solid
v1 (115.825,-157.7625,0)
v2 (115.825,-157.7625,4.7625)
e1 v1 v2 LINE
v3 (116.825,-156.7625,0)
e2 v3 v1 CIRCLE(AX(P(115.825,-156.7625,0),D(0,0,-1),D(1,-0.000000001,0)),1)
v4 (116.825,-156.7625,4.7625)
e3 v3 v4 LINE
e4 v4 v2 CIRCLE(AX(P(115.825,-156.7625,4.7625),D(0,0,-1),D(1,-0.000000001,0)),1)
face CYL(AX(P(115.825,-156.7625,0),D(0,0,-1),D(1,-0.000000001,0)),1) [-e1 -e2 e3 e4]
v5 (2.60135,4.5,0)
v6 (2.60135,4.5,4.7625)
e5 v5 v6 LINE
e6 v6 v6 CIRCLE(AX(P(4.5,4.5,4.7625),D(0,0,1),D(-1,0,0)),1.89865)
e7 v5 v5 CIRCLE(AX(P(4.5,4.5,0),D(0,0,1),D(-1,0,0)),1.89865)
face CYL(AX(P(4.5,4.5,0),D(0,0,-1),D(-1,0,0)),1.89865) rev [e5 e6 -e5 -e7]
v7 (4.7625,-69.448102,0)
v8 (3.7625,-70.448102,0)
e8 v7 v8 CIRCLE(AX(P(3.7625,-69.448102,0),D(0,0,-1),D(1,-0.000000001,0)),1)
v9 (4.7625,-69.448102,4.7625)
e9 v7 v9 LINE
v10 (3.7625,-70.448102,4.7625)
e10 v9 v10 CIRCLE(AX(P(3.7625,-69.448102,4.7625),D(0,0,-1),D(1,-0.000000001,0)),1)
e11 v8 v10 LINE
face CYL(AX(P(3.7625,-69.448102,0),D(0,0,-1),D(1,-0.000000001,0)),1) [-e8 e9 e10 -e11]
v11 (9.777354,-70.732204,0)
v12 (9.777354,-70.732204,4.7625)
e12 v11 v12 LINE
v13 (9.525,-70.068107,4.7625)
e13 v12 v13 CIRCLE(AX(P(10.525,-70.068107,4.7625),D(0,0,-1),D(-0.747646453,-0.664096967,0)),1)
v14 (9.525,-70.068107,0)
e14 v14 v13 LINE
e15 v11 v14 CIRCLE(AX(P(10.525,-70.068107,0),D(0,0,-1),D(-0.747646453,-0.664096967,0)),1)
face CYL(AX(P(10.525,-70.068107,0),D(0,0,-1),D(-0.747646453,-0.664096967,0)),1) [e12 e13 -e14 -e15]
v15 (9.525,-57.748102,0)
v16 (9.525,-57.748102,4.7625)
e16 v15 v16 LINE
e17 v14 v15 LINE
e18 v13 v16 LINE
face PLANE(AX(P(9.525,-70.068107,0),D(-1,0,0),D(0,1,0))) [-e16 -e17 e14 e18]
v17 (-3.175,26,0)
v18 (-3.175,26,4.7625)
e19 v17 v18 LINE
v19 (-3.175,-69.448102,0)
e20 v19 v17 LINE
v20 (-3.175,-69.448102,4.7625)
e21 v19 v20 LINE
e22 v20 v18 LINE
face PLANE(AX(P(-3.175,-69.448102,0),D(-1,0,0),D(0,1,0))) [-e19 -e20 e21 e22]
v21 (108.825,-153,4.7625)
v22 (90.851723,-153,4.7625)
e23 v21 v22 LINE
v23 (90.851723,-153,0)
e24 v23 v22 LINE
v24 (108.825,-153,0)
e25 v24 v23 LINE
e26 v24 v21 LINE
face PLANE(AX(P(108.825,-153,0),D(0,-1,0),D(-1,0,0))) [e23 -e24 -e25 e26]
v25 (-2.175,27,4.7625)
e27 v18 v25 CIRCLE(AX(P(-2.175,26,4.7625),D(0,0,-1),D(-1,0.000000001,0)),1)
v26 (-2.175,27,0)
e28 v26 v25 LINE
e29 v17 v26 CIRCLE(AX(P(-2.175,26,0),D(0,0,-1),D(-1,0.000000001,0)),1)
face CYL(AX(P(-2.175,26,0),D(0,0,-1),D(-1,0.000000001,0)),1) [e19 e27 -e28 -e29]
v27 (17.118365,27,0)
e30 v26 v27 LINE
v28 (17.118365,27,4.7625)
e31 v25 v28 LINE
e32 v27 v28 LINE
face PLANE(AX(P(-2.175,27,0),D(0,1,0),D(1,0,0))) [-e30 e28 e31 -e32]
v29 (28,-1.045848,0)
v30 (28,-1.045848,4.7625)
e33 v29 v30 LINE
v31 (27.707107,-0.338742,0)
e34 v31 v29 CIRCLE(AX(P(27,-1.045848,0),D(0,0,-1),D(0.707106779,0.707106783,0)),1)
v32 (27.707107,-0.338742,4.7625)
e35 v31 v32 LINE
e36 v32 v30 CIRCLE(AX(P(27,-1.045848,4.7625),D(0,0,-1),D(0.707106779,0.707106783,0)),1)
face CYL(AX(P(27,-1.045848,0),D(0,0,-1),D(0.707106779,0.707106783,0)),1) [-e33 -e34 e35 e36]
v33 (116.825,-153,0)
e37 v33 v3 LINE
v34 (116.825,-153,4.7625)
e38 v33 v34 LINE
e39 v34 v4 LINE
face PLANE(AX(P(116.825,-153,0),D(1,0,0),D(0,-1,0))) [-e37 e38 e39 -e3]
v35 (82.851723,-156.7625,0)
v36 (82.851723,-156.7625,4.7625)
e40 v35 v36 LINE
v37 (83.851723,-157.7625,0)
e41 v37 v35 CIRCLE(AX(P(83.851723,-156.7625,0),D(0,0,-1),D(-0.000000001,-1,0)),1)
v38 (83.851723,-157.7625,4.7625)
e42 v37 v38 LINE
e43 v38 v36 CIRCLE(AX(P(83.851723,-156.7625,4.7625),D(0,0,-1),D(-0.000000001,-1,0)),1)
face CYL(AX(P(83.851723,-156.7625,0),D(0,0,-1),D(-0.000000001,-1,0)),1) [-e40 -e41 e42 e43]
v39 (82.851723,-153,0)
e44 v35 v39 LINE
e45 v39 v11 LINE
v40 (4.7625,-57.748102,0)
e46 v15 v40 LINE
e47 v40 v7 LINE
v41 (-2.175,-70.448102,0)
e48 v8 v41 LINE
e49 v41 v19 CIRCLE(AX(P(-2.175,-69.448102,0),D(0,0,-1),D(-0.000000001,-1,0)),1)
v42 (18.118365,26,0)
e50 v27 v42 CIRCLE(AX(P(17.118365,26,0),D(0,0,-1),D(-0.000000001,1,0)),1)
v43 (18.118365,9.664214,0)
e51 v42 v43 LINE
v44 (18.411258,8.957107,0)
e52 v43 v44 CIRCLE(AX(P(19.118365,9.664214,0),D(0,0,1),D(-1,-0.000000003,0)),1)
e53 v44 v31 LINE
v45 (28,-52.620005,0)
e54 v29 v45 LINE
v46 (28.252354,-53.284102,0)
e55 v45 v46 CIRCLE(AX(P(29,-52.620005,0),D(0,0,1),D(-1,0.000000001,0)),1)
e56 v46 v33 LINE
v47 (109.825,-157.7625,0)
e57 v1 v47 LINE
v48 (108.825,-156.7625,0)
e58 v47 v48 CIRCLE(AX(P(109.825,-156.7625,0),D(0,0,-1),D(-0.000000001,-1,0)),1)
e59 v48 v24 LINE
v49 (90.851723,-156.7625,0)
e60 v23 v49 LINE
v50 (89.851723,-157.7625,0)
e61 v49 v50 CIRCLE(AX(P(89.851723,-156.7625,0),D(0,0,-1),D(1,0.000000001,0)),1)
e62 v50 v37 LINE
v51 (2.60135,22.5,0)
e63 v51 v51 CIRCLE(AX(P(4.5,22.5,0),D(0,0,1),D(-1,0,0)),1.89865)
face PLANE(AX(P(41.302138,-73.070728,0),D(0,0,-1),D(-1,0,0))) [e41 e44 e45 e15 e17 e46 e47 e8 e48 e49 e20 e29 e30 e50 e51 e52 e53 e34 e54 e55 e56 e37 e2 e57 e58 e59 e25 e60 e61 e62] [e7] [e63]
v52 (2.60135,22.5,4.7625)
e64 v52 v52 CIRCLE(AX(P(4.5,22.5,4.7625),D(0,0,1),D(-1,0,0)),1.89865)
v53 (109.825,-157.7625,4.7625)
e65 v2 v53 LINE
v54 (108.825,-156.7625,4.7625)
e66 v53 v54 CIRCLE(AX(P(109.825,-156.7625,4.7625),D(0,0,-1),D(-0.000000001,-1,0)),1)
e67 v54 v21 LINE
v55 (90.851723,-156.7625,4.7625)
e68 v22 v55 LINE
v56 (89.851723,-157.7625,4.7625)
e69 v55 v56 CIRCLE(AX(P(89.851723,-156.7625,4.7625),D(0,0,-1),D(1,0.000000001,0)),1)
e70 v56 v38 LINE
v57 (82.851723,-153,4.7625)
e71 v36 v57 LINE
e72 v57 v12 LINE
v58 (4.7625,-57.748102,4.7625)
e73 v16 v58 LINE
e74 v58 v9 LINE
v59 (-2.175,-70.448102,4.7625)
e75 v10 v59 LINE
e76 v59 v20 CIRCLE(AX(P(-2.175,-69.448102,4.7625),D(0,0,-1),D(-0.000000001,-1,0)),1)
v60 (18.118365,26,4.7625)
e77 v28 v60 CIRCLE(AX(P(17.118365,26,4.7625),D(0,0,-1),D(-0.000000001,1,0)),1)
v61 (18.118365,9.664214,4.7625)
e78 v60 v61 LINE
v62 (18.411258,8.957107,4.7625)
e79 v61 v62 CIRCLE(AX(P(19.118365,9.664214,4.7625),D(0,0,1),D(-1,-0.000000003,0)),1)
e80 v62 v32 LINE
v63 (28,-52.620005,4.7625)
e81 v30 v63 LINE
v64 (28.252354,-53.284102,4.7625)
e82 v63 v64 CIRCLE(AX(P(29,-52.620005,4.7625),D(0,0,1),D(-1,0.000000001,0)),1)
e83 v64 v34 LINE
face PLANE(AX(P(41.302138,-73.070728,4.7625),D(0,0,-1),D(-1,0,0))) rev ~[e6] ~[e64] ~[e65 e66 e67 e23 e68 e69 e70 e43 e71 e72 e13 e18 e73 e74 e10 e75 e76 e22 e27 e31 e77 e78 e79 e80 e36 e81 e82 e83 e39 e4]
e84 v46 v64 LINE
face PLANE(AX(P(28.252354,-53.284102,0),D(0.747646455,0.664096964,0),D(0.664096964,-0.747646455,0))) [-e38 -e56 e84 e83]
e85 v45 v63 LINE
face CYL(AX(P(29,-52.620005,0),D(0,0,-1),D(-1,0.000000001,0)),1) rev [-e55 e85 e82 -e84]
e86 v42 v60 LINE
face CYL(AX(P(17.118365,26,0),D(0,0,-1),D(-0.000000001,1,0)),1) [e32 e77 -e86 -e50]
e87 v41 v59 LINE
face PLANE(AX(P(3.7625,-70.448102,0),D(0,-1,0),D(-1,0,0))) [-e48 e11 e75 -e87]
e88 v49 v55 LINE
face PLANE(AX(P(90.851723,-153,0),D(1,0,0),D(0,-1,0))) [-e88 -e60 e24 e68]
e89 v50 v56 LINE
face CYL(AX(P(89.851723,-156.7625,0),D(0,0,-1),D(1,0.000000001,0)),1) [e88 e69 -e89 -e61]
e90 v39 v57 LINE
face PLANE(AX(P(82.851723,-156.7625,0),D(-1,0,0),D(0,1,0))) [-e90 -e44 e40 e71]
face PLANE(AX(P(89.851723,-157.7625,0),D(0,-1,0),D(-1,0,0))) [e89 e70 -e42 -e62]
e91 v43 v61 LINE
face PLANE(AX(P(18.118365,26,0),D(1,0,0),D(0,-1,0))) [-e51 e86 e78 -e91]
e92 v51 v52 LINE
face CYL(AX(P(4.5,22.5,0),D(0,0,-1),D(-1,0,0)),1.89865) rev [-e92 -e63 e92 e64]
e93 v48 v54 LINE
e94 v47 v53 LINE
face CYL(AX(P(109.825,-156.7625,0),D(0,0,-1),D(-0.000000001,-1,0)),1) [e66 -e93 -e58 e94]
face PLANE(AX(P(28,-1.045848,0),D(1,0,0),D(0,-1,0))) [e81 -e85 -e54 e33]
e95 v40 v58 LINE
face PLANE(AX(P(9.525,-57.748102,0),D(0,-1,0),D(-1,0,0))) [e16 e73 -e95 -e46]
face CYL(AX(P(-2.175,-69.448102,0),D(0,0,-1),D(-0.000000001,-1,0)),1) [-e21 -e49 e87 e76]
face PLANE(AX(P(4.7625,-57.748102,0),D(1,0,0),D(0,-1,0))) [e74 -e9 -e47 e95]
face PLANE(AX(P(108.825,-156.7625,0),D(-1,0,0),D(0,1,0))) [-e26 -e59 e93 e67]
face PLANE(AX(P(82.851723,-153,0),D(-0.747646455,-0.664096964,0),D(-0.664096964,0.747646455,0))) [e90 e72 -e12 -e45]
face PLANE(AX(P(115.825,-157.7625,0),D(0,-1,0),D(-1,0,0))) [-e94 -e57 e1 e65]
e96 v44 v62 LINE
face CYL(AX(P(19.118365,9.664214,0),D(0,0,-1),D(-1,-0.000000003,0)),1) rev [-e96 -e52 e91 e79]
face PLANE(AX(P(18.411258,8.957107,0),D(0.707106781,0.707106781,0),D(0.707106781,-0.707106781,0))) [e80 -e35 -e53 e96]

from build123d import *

# Parameters (mm, degrees)
SKETCH1_R           = 1.89865
BOSS_EXTRUDE1_DEPTH = 4.7625


with BuildPart() as part:
    # Sketch1 → Boss-Extrude1 (new body)
    with BuildSketch(Plane.XY):
        with BuildLine():
            Line((-2.175, 27), (17.118365096, 27))
            ThreePointArc((17.118365096, 27), (17.825471878, 26.707106781), (18.118365096, 26))
            Line((18.118365096, 26), (18.118365096, 9.664213562))
            ThreePointArc((18.118365096, 9.664213562), (18.194485564, 9.28153013), (18.411258315, 8.957106781))
            Line((18.411258315, 8.957106781), (27.707106781, -0.338741685))
            ThreePointArc((27.707106781, -0.338741685), (27.923879533, -0.663165034), (28, -1.045848466))
            Line((28, -1.045848466), (28, -52.620004972))
            ThreePointArc((28, -52.620004972), (28.065214876, -52.975218671), (28.252353545, -53.284101936))
            Line((28.252353545, -53.284101936), (116.825, -153))
            Line((116.825, -153), (116.825, -156.7625))
            ThreePointArc((116.825, -156.7625), (116.532106781, -157.469606781), (115.825, -157.7625))
            Line((115.825, -157.7625), (109.825, -157.7625))
            ThreePointArc((109.825, -157.7625), (109.117893219, -157.469606781), (108.825, -156.7625))
            Line((108.825, -156.7625), (108.825, -153))
            Line((108.825, -153), (90.851723172, -153))
            Line((90.851723172, -153), (90.851723172, -156.7625))
            ThreePointArc((90.851723172, -156.7625), (90.558829954, -157.469606781), (89.851723172, -157.7625))
            Line((89.851723172, -157.7625), (83.851723172, -157.7625))
            ThreePointArc((83.851723172, -157.7625), (83.144616391, -157.469606781), (82.851723172, -156.7625))
            Line((82.851723172, -156.7625), (82.851723172, -153))
            Line((82.851723172, -153), (9.777353545, -70.73220419))
            ThreePointArc((9.777353545, -70.73220419), (9.590214876, -70.423320926), (9.525, -70.068107226))
            Line((9.525, -70.068107226), (9.525, -57.748102255))
            Line((9.525, -57.748102255), (4.7625, -57.748102255))
            Line((4.7625, -57.748102255), (4.7625, -69.448102255))
            ThreePointArc((4.7625, -69.448102255), (4.469606781, -70.155209036), (3.7625, -70.448102255))
            Line((3.7625, -70.448102255), (-2.175, -70.448102255))
            ThreePointArc((-2.175, -70.448102255), (-2.882106781, -70.155209036), (-3.175, -69.448102255))
            Line((-3.175, -69.448102255), (-3.175, 26))
            ThreePointArc((-3.175, 26), (-2.882106781, 26.707106781), (-2.175, 27))
        make_face()
        with Locations(Location((4.5, 22.5, 0), (0, 0, 180))):
            Circle(SKETCH1_R, mode=Mode.SUBTRACT)
        with Locations(Location((4.5, 4.5, 0), (0, 0, 180))):
            Circle(SKETCH1_R, mode=Mode.SUBTRACT)
    extrude(amount=BOSS_EXTRUDE1_DEPTH)


solid = part.part
